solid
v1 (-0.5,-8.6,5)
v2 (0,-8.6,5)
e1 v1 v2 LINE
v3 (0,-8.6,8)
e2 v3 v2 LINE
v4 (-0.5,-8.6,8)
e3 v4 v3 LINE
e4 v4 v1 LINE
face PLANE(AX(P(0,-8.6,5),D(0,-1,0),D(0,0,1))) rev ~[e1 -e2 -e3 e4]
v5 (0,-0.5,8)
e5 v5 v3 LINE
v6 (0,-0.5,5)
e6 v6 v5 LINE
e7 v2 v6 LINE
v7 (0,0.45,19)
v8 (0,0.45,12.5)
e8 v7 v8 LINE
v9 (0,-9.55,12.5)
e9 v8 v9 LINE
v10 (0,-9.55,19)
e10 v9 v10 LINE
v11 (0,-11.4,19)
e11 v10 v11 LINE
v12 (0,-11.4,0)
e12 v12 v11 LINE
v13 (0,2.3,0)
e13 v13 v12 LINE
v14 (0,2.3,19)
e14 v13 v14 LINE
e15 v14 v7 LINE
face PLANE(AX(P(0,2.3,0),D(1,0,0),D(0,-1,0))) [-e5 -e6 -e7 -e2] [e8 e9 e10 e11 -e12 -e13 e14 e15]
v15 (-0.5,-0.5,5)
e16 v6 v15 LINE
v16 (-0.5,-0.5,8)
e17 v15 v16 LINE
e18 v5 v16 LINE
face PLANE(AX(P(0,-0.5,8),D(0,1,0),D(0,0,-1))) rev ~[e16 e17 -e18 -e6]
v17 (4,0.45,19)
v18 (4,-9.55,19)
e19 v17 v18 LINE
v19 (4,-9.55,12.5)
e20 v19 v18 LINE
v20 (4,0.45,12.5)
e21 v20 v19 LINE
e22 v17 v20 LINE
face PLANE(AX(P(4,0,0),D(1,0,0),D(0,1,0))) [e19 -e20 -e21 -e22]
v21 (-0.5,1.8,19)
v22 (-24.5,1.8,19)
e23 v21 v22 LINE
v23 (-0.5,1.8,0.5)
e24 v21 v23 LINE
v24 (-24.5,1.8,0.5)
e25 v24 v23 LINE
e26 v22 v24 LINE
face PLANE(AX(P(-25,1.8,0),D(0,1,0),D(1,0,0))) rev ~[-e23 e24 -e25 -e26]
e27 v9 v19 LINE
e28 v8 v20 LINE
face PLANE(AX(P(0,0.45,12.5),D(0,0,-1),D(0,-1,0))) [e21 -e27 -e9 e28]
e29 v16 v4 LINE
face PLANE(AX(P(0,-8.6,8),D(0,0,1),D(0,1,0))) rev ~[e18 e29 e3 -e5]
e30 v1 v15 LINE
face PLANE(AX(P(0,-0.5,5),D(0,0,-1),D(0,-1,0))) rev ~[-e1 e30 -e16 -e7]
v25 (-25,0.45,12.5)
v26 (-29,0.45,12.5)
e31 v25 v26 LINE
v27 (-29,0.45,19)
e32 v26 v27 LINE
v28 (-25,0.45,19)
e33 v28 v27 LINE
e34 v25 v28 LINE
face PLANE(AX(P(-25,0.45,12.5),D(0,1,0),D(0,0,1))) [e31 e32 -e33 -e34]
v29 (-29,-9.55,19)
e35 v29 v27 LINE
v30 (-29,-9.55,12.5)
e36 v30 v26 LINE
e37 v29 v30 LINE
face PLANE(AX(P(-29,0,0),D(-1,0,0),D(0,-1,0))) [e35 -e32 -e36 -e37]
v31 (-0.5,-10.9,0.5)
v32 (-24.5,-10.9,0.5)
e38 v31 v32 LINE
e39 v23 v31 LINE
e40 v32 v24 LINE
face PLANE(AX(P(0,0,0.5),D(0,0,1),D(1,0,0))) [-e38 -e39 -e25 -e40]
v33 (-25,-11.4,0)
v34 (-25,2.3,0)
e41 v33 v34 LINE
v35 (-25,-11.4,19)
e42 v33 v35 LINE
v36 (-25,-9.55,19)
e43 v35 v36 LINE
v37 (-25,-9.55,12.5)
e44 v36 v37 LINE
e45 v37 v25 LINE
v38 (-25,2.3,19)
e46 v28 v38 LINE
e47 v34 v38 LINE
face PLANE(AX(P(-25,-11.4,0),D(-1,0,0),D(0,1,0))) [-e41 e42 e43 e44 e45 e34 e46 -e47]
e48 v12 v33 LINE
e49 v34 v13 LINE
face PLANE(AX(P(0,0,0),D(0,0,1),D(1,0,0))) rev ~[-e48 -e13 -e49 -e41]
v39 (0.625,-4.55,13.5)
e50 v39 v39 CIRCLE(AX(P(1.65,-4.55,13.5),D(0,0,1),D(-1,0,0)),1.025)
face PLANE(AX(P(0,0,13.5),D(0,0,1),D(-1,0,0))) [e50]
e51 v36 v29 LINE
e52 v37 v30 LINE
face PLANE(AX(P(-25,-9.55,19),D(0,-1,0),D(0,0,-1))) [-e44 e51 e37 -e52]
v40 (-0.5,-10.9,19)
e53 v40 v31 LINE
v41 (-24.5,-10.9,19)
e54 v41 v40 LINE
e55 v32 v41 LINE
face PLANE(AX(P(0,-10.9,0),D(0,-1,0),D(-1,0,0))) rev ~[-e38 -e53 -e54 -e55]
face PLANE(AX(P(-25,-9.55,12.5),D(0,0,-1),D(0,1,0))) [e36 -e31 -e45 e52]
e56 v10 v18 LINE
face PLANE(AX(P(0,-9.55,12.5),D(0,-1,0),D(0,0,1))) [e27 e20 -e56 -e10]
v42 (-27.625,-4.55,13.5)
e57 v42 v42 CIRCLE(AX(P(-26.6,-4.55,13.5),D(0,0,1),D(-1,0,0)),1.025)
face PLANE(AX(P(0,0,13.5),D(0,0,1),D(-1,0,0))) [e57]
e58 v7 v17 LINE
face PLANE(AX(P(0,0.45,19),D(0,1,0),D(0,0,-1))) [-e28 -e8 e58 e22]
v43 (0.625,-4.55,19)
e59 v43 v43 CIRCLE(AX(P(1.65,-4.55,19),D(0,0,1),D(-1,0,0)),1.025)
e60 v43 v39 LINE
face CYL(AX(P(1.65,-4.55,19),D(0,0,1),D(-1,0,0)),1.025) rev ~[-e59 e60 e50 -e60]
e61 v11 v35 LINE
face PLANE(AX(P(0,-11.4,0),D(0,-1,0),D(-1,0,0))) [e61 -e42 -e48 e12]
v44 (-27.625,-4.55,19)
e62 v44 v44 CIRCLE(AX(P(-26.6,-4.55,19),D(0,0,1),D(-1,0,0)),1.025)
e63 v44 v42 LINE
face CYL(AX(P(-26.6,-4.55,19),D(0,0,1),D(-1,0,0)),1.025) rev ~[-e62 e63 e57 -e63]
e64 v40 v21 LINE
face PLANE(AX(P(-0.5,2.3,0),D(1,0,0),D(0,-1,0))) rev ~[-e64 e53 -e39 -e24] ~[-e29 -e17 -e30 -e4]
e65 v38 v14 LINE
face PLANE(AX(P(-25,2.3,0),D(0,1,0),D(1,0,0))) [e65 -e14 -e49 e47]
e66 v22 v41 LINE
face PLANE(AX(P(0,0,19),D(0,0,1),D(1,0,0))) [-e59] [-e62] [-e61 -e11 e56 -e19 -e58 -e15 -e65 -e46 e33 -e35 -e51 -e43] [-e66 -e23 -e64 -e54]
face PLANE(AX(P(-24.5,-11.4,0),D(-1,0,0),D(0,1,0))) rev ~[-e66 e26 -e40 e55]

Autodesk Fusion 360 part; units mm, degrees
sketch "Sketch1" plane through (0, 0, 0) normal (0, 0, 1) x (1, 0, 0)
  line L0 (-25, -11.4) -> (-25, 2.3)
  line L1 (-25, 2.3) -> (0, 2.3)
  line L2 (0, 2.3) -> (0, -11.4)
  line L3 (0, -11.4) -> (-25, -11.4)
  dimension "d1" = 13.7
  dimension "d2" = 25
extrude "Extrude1" add sketch "Sketch1" along normal blind 19
shell "Shell1" thickness 0.5 removed faces 1 at (-8.3333, -6.8333, 19)
sketch "Sketch2" plane through (0, 0, 0) normal (1, 0, 0) x (0, 1, 0)
  line L0 (-11.4, 0) -> (2.3, 0)
  line L1 (2.3, 0) -> (2.3, 19)
  line L2 (2.3, 19) -> (-11.4, 19)
  line L3 (-11.4, 19) -> (-11.4, 0)
  line L4 (-8.6, 8) -> (-0.5, 8)
  line L5 (-0.5, 8) -> (-0.5, 5)
  line L6 (-0.5, 5) -> (-8.6, 5)
  line L7 (-8.6, 5) -> (-8.6, 8)
  dimension "d6" = 5
  dimension "d7" = 8.1
  dimension "d8" = 2.8
  dimension "d9" = 2.8
extrude "Extrude2" cut sketch "Sketch2" along normal mid plane 6 contours L4 L5 L6 L7
sketch "Sketch3" plane through (0, 0, 0) normal (1, 0, 0) x (0, 1, 0)
  line L0 (-0.5, 8) -> (-0.5, 5)
  line L1 (-0.5, 5) -> (-8.6, 5)
  line L2 (-8.6, 5) -> (-8.6, 8)
  line L3 (-8.6, 8) -> (-0.5, 8)
  line L4 (-11.4, 0) -> (2.3, 0)
  line L5 (2.3, 0) -> (2.3, 19)
  line L6 (2.3, 19) -> (-11.4, 19)
  line L7 (-11.4, 19) -> (-11.4, 0)
  line L8 (-9.55, 19) -> (0.45, 19)
  line L9 (0.45, 19) -> (0.45, 12.5)
  line L10 (0.45, 12.5) -> (-9.55, 12.5)
  line L11 (-9.55, 12.5) -> (-9.55, 19)
  dimension "d19" = 10
  dimension "d20" = 1.85
  dimension "d23" = 6.5
extrude "Extrude3" add sketch "Sketch3" along normal blind 4 contours L6 L8 L9 L10 L11
sketch "Sketch4" plane through (0, 0, 19) normal (0, 0, 1) x (-1, 0, 0)
  line L0 (0.5, 10.9) -> (24.5, 10.9)
  line L1 (24.5, 10.9) -> (24.5, -1.8)
  line L2 (24.5, -1.8) -> (0.5, -1.8)
  line L3 (0.5, -1.8) -> (0.5, 10.9)
  line L4 (0, 11.4) -> (0, 9.55)
  line L5 (0, 9.55) -> (-4, 9.55)
  line L6 (-4, 9.55) -> (-4, -0.45)
  line L7 (-4, -0.45) -> (0, -0.45)
  line L8 (0, -0.45) -> (0, -2.3)
  line L9 (0, -2.3) -> (25, -2.3)
  line L10 (25, -2.3) -> (25, 11.4)
  line L11 (25, 11.4) -> (0, 11.4)
  circle A0 centre (-1.65, 4.55) radius 1.025
  dimension "d16" = 2.05
  dimension "d32" = 5
  dimension "d33" = 2.15
extrude "Extrude4" cut sketch "Sketch4" against normal blind 5.5 contours A0
sketch "Sketch6" plane through (-25, 0, 0) normal (-1, 0, 0) x (0, -1, 0)
  line L0 (-2.3, 0) -> (11.4, 0)
  line L1 (11.4, 0) -> (11.4, 19)
  line L2 (11.4, 19) -> (-2.3, 19)
  line L3 (-2.3, 19) -> (-2.3, 0)
  line L4 (-0.45, 19) -> (9.55, 19)
  line L5 (9.55, 19) -> (9.55, 12.5)
  line L6 (9.55, 12.5) -> (-0.45, 12.5)
  line L7 (-0.45, 12.5) -> (-0.45, 19)
  dimension "d27" = 1.85
  dimension "d28" = 10
  dimension "d29" = 6.5
extrude "Extrude5" add sketch "Sketch6" along normal blind 4 contours L2 L4 L5 L6 L7
sketch "Sketch7" plane through (0, 0, 19) normal (0, 0, 1) x (-1, 0, 0)
  circle A0 centre (-1.65, 4.55) radius 1.025
  line L0 (0.5, 10.9) -> (24.5, 10.9)
  line L1 (24.5, 10.9) -> (24.5, -1.8)
  line L2 (24.5, -1.8) -> (0.5, -1.8)
  line L3 (0.5, -1.8) -> (0.5, 10.9)
  line L4 (0, 11.4) -> (0, 9.55)
  line L5 (0, 9.55) -> (-4, 9.55)
  line L6 (-4, 9.55) -> (-4, -0.45)
  line L7 (-4, -0.45) -> (0, -0.45)
  line L8 (0, -0.45) -> (0, -2.3)
  line L9 (0, -2.3) -> (25, -2.3)
  line L10 (25, -2.3) -> (25, -0.45)
  line L11 (25, -0.45) -> (29, -0.45)
  line L12 (29, -0.45) -> (29, 9.55)
  line L13 (29, 9.55) -> (25, 9.55)
  line L14 (25, 9.55) -> (25, 11.4)
  line L15 (25, 11.4) -> (0, 11.4)
  circle A1 centre (26.6, 4.55) radius 1.025
  dimension "d34" = 2.05
  dimension "d35" = 2.1
  dimension "d36" = 5
extrude "Extrude6" cut sketch "Sketch7" against normal blind 5.5 contours A1
